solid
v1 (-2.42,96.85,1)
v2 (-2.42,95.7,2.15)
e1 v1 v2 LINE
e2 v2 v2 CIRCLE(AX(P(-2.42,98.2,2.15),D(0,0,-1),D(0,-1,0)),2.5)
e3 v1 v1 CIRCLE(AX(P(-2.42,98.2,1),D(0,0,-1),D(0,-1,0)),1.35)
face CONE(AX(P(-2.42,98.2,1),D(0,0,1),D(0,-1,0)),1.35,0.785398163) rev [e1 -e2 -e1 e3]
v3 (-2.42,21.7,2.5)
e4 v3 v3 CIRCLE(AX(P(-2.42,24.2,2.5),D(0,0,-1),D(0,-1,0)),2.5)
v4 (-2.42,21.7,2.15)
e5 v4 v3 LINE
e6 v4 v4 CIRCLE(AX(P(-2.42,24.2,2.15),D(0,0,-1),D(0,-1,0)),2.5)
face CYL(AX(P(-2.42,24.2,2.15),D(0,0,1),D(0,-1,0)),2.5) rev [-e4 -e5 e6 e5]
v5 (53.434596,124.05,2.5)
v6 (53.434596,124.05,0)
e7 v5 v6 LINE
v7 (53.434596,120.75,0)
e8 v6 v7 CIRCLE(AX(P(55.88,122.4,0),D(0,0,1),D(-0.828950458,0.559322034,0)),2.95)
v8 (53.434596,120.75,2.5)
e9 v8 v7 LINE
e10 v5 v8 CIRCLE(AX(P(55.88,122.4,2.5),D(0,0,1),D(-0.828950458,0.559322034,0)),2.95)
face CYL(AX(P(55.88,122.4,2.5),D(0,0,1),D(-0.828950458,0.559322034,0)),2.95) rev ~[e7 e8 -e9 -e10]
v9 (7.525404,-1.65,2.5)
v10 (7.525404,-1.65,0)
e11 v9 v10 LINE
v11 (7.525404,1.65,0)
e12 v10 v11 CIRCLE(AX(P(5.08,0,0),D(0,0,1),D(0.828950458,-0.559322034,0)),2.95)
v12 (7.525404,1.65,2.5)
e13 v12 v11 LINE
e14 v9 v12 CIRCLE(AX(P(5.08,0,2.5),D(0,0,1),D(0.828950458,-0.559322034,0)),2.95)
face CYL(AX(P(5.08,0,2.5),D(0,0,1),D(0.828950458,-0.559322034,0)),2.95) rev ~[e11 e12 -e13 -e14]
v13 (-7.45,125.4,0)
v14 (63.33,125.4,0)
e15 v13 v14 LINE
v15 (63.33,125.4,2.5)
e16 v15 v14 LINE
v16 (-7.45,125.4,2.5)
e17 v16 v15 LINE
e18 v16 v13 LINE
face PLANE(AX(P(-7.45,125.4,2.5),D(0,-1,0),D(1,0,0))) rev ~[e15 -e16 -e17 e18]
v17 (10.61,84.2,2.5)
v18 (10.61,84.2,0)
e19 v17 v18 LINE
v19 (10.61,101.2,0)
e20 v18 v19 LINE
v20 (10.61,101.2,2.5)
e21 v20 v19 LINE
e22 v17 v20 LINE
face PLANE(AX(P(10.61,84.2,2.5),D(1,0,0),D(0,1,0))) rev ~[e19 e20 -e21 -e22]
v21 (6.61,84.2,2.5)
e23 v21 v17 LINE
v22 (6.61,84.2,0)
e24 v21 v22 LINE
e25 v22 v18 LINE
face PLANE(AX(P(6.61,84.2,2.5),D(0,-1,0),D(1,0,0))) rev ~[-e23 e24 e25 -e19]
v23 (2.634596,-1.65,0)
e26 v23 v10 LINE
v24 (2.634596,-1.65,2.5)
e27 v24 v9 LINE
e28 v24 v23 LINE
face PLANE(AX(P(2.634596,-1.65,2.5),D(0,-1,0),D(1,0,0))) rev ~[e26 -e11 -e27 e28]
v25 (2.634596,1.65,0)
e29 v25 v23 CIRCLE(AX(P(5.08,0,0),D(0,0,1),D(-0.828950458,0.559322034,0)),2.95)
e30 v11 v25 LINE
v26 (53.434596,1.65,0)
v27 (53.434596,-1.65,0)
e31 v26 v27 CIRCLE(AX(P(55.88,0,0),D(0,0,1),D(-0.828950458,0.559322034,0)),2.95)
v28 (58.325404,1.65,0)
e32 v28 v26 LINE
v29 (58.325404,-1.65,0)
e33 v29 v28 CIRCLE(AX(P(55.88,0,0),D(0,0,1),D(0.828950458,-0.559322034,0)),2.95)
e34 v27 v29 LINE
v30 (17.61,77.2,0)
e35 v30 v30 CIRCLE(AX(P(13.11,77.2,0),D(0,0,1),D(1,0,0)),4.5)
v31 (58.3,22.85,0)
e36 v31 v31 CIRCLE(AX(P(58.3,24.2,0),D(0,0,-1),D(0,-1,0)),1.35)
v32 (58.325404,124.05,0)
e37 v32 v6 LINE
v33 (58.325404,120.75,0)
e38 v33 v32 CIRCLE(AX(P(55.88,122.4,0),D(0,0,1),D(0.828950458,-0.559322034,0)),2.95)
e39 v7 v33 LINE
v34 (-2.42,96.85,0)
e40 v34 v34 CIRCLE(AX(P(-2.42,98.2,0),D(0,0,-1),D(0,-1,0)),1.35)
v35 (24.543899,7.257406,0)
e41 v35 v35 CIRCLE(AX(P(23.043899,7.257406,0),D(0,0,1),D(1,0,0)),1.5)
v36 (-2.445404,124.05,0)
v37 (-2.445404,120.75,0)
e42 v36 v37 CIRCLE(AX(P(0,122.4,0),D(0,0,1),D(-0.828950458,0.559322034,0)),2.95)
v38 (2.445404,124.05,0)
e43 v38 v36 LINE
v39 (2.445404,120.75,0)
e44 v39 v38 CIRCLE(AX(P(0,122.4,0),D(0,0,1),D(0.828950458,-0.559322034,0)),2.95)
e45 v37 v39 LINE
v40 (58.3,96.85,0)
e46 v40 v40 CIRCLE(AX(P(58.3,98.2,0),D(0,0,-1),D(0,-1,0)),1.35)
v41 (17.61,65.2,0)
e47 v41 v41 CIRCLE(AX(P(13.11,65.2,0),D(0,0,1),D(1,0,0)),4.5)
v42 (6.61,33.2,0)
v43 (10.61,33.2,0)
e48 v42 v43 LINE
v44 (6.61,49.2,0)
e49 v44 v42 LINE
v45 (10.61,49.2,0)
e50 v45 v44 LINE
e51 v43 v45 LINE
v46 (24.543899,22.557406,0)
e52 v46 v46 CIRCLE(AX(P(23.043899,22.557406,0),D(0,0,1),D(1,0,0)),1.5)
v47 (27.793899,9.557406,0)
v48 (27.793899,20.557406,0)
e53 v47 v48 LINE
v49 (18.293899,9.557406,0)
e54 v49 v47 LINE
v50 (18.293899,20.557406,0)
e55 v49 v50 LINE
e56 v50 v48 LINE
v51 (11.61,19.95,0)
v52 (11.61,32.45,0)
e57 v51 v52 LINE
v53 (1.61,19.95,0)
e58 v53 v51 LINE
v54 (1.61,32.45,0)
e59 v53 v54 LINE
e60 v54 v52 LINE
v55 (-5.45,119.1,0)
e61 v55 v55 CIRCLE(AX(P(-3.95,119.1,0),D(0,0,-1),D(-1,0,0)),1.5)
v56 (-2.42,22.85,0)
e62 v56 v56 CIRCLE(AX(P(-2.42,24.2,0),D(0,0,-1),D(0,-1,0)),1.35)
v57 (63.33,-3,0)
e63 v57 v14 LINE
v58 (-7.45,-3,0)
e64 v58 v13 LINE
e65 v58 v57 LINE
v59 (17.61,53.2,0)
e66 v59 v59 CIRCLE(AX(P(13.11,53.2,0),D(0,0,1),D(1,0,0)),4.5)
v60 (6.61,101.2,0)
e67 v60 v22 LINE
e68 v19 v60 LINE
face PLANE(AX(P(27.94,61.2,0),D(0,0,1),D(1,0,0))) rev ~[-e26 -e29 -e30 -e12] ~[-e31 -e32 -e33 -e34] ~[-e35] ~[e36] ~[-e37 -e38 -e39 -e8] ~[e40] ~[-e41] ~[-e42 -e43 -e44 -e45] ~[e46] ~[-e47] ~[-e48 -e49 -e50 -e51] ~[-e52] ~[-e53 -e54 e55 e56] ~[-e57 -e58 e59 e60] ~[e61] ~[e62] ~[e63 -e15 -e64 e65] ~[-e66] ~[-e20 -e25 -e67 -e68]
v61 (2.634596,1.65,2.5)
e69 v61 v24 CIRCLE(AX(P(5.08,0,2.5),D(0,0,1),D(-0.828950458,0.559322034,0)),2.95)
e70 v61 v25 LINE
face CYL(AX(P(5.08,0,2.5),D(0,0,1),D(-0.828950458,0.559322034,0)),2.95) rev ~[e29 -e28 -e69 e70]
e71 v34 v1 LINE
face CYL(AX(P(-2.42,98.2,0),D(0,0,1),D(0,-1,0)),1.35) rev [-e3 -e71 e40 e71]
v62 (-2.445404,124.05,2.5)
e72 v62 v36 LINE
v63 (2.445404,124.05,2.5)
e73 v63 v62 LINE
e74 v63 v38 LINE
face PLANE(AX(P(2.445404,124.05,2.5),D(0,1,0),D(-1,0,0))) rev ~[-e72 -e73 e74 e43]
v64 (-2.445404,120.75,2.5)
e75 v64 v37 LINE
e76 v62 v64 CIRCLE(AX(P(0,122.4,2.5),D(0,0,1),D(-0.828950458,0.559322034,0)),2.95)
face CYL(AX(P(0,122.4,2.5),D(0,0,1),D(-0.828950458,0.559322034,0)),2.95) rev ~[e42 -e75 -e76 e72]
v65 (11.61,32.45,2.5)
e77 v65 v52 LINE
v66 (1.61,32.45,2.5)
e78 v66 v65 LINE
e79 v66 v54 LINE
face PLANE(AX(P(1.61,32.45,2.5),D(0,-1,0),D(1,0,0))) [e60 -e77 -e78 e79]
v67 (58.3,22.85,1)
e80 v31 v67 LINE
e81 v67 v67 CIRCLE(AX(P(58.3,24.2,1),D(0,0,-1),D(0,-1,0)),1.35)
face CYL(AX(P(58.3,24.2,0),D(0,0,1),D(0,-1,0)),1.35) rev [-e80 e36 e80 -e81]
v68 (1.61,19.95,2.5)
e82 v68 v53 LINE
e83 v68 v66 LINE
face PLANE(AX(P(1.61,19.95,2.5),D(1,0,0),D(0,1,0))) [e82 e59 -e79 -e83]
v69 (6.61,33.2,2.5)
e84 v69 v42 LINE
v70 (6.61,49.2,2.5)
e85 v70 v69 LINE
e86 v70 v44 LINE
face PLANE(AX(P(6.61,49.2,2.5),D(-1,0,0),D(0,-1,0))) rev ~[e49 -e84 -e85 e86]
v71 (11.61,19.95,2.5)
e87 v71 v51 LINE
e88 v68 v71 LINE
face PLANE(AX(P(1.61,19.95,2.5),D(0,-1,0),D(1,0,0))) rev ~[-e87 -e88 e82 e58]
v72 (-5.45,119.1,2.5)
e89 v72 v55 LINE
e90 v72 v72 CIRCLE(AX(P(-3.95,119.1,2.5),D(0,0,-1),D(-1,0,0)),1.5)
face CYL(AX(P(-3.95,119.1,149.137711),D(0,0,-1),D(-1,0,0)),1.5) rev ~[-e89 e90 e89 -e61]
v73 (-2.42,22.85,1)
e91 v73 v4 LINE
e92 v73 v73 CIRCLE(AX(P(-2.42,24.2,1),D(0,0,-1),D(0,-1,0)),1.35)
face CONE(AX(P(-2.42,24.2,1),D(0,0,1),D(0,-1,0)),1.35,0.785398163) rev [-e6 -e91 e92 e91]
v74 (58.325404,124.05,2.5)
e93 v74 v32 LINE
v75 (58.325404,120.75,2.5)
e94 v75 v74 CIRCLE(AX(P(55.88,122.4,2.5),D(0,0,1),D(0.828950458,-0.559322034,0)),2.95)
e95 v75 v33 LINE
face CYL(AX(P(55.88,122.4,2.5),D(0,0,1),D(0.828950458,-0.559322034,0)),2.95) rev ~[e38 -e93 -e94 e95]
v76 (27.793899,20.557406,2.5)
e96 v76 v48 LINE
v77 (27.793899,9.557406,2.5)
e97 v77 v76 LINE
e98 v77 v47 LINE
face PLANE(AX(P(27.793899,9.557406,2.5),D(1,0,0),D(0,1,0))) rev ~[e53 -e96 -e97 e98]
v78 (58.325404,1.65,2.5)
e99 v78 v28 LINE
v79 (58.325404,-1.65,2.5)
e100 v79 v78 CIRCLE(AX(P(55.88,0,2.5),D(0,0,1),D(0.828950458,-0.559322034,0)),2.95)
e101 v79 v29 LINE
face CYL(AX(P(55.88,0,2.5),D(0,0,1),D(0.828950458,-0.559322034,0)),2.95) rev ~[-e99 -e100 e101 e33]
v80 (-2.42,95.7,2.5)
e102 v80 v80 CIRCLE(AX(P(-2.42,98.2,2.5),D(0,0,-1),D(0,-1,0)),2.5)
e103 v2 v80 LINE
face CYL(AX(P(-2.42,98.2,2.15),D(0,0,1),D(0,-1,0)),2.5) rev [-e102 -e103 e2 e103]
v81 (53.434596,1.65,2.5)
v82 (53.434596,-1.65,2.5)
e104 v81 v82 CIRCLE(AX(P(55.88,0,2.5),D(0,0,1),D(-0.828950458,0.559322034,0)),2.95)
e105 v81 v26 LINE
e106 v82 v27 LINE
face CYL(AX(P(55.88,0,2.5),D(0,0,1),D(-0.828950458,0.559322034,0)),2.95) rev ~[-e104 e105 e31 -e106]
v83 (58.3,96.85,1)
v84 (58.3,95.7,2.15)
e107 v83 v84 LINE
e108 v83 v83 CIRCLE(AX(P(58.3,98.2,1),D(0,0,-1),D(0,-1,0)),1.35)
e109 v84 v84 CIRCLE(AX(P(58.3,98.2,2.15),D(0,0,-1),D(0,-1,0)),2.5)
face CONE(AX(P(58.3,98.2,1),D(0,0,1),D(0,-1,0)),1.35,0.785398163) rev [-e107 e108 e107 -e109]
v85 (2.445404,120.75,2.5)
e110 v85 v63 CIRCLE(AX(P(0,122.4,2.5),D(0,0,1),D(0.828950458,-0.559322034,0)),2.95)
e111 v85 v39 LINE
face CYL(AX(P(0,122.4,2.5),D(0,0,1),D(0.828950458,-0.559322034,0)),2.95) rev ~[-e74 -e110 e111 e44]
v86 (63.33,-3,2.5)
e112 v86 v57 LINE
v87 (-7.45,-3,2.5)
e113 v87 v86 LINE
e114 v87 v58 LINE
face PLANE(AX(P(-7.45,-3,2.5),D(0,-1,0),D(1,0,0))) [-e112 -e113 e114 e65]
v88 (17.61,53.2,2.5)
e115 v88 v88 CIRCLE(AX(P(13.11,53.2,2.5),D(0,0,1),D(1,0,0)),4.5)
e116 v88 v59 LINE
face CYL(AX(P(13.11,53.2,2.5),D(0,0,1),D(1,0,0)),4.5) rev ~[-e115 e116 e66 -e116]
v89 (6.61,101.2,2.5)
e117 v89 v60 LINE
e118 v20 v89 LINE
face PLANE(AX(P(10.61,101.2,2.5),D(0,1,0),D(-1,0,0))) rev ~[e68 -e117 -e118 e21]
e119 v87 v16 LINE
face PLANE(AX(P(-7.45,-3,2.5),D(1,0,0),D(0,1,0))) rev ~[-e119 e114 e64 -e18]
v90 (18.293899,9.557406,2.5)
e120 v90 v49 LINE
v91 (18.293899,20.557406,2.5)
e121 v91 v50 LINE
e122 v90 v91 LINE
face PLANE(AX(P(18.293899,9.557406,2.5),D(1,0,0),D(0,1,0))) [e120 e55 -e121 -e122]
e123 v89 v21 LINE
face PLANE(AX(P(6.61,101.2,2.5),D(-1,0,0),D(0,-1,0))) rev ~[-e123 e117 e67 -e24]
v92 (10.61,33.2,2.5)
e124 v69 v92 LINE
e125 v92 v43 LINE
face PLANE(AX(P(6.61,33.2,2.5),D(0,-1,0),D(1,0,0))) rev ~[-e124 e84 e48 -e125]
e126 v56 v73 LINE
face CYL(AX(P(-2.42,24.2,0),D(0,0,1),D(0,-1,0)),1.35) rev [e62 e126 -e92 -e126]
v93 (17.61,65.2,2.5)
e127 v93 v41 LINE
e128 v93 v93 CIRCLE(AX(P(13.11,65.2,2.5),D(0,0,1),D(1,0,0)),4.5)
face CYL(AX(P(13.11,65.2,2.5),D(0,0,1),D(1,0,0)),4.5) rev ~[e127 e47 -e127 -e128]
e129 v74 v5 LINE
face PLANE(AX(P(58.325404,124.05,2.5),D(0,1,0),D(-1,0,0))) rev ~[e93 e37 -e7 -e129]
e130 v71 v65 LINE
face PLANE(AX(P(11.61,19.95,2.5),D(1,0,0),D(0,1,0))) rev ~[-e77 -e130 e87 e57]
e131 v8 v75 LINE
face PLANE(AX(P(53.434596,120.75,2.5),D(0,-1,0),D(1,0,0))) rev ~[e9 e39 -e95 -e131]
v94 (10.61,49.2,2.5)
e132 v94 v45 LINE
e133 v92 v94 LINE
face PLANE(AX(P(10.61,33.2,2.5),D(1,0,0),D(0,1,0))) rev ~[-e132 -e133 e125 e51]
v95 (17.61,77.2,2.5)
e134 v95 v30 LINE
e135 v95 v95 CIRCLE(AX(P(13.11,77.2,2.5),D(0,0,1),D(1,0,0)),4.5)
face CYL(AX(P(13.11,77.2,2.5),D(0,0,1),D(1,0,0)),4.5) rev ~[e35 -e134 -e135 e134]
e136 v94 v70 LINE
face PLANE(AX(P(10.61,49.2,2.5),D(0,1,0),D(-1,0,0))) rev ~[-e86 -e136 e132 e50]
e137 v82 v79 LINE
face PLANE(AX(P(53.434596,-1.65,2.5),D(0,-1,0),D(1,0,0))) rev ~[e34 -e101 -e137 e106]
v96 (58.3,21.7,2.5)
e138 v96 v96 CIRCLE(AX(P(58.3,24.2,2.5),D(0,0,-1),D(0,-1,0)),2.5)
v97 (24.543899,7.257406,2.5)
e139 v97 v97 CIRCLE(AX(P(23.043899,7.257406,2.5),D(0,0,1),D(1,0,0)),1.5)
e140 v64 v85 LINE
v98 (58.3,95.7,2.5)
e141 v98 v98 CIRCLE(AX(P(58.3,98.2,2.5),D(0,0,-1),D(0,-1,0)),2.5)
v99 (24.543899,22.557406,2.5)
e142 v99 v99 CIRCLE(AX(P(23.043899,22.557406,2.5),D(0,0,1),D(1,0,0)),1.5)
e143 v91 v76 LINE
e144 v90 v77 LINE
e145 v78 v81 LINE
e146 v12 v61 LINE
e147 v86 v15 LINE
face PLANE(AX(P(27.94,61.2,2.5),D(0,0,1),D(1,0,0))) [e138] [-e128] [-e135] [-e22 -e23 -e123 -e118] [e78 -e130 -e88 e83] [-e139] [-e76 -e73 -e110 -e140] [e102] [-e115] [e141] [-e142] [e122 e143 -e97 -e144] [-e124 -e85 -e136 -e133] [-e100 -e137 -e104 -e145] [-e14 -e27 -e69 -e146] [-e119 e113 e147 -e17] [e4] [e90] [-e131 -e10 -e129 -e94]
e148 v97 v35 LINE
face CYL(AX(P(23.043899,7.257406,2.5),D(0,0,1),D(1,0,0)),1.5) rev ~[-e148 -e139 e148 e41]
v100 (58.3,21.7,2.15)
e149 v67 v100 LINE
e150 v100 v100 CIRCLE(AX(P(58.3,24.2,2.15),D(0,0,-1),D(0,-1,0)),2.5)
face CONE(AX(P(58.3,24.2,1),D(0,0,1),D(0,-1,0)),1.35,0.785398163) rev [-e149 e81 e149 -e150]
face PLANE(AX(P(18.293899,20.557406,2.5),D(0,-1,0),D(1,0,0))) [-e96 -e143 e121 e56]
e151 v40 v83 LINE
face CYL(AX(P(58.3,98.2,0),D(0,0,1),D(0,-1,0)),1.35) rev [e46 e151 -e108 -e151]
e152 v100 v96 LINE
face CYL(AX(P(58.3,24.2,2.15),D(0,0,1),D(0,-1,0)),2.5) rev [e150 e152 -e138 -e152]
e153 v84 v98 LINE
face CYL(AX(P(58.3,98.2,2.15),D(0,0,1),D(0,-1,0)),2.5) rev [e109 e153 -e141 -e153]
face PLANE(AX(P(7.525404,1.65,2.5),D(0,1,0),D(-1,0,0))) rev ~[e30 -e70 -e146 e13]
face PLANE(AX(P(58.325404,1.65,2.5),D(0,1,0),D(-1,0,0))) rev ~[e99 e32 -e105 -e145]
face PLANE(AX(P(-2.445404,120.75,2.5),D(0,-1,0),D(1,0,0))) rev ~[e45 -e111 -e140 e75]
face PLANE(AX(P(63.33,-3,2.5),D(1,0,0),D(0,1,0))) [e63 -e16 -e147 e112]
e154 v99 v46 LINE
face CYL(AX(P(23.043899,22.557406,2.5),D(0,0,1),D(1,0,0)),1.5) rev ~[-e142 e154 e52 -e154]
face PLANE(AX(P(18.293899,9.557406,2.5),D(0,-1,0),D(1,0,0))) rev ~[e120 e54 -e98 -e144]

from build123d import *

# Parameters (mm, degrees)
SKETCH1_W                    = 70.78
SKETCH1_H                    = 128.4
BULK_DEPTH                   = 2.5
MOUNT_HOLE_NW_DEPTH          = 141.506579561
MOUNT_HOLES_NE_SE_COUNT      = 2
MOUNT_HOLES_NE_SE_PITCH      = 55.88
MOUNT_HOLES_NE_SE_COUNT_DIR2 = 2
MOUNT_HOLES_NE_SE_PITCH_DIR2 = 122.4
MOUNT_HOLE_SW_DEPTH          = 141.506579561
ALIGNMENT_HOLE_D             = 3
DRILL_HOLES_AT_2_COUNT       = 2
DRILL_HOLES_AT_2_PITCH       = 74
DRILL_HOLES_AT_3_COUNT       = 2
DRILL_HOLES_AT_3_PITCH       = 95.72313409
DRILL_HOLES_AT_4_COUNT       = 2
DRILL_HOLES_AT_4_PITCH       = 60.72
SKETCH9_W                    = 10
SKETCH9_H                    = 12.5
USB_DEPTH                    = 141.506579561
MCXX_DEPTH                   = 141.506579561
SKETCH12_R                   = 4.5
SELECTOR_1_DEPTH             = 141.506579561
COPY_SELECTOR_COUNT          = 3
COPY_SELECTOR_PITCH          = 12
MMCX_2_DEPTH                 = 141.506579561
SKETCH25_R                   = 1.5
SKETCH25_W                   = 9.5
SKETCH25_H                   = 11
BARREL_JACK_DEPTH            = 141.506579561


with BuildPart() as part:
    # Sketch1 → Bulk (new body)
    with BuildSketch(Plane.XY.offset(2.5)):
        with Locations((27.94, 61.2)):
            Rectangle(SKETCH1_W, SKETCH1_H)
    extrude(amount=-BULK_DEPTH)

    # Sketch2 → Mount hole NW (cut, through all)
    with BuildSketch(Plane.XY.offset(2.5)):
        with BuildLine():
            Line((2.445403852, 124.05), (-2.445403852, 124.05))
            ThreePointArc((-2.445403852, 124.05), (-2.95, 122.4), (-2.445403852, 120.75))
            Line((-2.445403852, 120.75), (2.445403852, 120.75))
            ThreePointArc((2.445403852, 120.75), (2.95, 122.4), (2.445403852, 124.05))
        make_face()
    mount_hole_nw = extrude(amount=-MOUNT_HOLE_NW_DEPTH, mode=Mode.SUBTRACT)

    # Mount holes NE SE: Mount hole NW 2 × 2, 1 skipped
    with Locations(*[(i * MOUNT_HOLES_NE_SE_PITCH, -j * MOUNT_HOLES_NE_SE_PITCH_DIR2, 0) for i in range(MOUNT_HOLES_NE_SE_COUNT) for j in range(MOUNT_HOLES_NE_SE_COUNT_DIR2) if (i, j) not in ((0, 0), (0, 1))]):
        add(mount_hole_nw, mode=Mode.SUBTRACT)

    # Sketch3 → Mount hole SW (cut, through all)
    with BuildSketch(Plane.XY.offset(2.5)):
        with BuildLine():
            Line((7.525403852, 1.65), (2.634596148, 1.65))
            ThreePointArc((2.634596148, 1.65), (2.13, 0), (2.634596148, -1.65))
            Line((2.634596148, -1.65), (7.525403852, -1.65))
            ThreePointArc((7.525403852, -1.65), (8.03, 0), (7.525403852, 1.65))
        make_face()
    extrude(amount=-MOUNT_HOLE_SW_DEPTH, mode=Mode.SUBTRACT)

    # Alignment hole (through all)
    with Locations(Plane.XY.offset(2.5)):
        with Locations((-3.95, 119.1)):
            Hole(ALIGNMENT_HOLE_D / 2)

    # Sketch7 → Drill holes (revolve, cut)
    with BuildSketch(Plane(origin=(-2.42, 24.2, 2.5), x_dir=(0, -1, 0), z_dir=(1, 0, 0))):
        Polygon((0, 0), (0, 2.5), (1.35, 2.5), (1.35, 1.5), (2.5, 0.35), (2.5, 0), align=None)
    drill_holes = revolve(axis=Axis((-2.42, 24.2, 8.85), (0, 0, -1)), mode=Mode.SUBTRACT)

    # Drill holes at 2: Drill holes ×2
    with Locations(*[(0, i * DRILL_HOLES_AT_2_PITCH, 0) for i in range(1, DRILL_HOLES_AT_2_COUNT)]):
        add(drill_holes, mode=Mode.SUBTRACT)

    # Drill holes at 3: Drill holes ×2
    with Locations(*[Vector(0.6343294186643587, 0.7730628620086059, 0) * (i * DRILL_HOLES_AT_3_PITCH) for i in range(1, DRILL_HOLES_AT_3_COUNT)]):
        add(drill_holes, mode=Mode.SUBTRACT)

    # Drill holes at 4: Drill holes ×2
    with Locations(*[(i * DRILL_HOLES_AT_4_PITCH, 0, 0) for i in range(1, DRILL_HOLES_AT_4_COUNT)]):
        add(drill_holes, mode=Mode.SUBTRACT)

    # Sketch9 → USB (cut, through all)
    with BuildSketch(Plane.XY.offset(2.5)):
        with Locations((6.61, 26.2)):
            Rectangle(SKETCH9_W, SKETCH9_H)
    extrude(amount=-USB_DEPTH, mode=Mode.SUBTRACT)

    # Sketch10 → MCXX (cut, through all)
    with BuildSketch(Plane.XY.offset(2.5)):
        Polygon((6.61, 49.2), (6.61, 37.2), (6.61, 33.2), (10.61, 33.2), (10.61, 37.2), (10.61, 49.2), align=None)
    extrude(amount=-MCXX_DEPTH, mode=Mode.SUBTRACT)

    # Sketch12 → Selector 1 (cut, through all)
    with BuildSketch(Plane.XY.offset(2.5)):
        with Locations((13.11, 53.2)):
            Circle(SKETCH12_R)
    selector_1 = extrude(amount=-SELECTOR_1_DEPTH, mode=Mode.SUBTRACT)

    # Copy selector: Selector 1 ×3
    with Locations(*[(0, i * COPY_SELECTOR_PITCH, 0) for i in range(1, COPY_SELECTOR_COUNT)]):
        add(selector_1, mode=Mode.SUBTRACT)

    # Sketch27 → MMCX 2 (cut, through all)
    with BuildSketch(Plane.XY.offset(2.5)):
        Polygon((6.61, 101.2), (6.61, 88.2), (6.61, 84.2), (10.61, 84.2), (10.61, 88.2), (10.61, 101.2), align=None)
    extrude(amount=-MMCX_2_DEPTH, mode=Mode.SUBTRACT)

    # Sketch25 → Barrel Jack (cut, through all)
    with BuildSketch(Plane.XY.offset(2.5)):
        with Locations((23.043898983, 22.557406324)):
            Circle(SKETCH25_R)
        with Locations((23.043898983, 7.257406324)):
            Circle(SKETCH25_R)
        with Locations((23.043898983, 15.057406324)):
            Rectangle(SKETCH25_W, SKETCH25_H)
    extrude(amount=-BARREL_JACK_DEPTH, mode=Mode.SUBTRACT)


solid = part.part
